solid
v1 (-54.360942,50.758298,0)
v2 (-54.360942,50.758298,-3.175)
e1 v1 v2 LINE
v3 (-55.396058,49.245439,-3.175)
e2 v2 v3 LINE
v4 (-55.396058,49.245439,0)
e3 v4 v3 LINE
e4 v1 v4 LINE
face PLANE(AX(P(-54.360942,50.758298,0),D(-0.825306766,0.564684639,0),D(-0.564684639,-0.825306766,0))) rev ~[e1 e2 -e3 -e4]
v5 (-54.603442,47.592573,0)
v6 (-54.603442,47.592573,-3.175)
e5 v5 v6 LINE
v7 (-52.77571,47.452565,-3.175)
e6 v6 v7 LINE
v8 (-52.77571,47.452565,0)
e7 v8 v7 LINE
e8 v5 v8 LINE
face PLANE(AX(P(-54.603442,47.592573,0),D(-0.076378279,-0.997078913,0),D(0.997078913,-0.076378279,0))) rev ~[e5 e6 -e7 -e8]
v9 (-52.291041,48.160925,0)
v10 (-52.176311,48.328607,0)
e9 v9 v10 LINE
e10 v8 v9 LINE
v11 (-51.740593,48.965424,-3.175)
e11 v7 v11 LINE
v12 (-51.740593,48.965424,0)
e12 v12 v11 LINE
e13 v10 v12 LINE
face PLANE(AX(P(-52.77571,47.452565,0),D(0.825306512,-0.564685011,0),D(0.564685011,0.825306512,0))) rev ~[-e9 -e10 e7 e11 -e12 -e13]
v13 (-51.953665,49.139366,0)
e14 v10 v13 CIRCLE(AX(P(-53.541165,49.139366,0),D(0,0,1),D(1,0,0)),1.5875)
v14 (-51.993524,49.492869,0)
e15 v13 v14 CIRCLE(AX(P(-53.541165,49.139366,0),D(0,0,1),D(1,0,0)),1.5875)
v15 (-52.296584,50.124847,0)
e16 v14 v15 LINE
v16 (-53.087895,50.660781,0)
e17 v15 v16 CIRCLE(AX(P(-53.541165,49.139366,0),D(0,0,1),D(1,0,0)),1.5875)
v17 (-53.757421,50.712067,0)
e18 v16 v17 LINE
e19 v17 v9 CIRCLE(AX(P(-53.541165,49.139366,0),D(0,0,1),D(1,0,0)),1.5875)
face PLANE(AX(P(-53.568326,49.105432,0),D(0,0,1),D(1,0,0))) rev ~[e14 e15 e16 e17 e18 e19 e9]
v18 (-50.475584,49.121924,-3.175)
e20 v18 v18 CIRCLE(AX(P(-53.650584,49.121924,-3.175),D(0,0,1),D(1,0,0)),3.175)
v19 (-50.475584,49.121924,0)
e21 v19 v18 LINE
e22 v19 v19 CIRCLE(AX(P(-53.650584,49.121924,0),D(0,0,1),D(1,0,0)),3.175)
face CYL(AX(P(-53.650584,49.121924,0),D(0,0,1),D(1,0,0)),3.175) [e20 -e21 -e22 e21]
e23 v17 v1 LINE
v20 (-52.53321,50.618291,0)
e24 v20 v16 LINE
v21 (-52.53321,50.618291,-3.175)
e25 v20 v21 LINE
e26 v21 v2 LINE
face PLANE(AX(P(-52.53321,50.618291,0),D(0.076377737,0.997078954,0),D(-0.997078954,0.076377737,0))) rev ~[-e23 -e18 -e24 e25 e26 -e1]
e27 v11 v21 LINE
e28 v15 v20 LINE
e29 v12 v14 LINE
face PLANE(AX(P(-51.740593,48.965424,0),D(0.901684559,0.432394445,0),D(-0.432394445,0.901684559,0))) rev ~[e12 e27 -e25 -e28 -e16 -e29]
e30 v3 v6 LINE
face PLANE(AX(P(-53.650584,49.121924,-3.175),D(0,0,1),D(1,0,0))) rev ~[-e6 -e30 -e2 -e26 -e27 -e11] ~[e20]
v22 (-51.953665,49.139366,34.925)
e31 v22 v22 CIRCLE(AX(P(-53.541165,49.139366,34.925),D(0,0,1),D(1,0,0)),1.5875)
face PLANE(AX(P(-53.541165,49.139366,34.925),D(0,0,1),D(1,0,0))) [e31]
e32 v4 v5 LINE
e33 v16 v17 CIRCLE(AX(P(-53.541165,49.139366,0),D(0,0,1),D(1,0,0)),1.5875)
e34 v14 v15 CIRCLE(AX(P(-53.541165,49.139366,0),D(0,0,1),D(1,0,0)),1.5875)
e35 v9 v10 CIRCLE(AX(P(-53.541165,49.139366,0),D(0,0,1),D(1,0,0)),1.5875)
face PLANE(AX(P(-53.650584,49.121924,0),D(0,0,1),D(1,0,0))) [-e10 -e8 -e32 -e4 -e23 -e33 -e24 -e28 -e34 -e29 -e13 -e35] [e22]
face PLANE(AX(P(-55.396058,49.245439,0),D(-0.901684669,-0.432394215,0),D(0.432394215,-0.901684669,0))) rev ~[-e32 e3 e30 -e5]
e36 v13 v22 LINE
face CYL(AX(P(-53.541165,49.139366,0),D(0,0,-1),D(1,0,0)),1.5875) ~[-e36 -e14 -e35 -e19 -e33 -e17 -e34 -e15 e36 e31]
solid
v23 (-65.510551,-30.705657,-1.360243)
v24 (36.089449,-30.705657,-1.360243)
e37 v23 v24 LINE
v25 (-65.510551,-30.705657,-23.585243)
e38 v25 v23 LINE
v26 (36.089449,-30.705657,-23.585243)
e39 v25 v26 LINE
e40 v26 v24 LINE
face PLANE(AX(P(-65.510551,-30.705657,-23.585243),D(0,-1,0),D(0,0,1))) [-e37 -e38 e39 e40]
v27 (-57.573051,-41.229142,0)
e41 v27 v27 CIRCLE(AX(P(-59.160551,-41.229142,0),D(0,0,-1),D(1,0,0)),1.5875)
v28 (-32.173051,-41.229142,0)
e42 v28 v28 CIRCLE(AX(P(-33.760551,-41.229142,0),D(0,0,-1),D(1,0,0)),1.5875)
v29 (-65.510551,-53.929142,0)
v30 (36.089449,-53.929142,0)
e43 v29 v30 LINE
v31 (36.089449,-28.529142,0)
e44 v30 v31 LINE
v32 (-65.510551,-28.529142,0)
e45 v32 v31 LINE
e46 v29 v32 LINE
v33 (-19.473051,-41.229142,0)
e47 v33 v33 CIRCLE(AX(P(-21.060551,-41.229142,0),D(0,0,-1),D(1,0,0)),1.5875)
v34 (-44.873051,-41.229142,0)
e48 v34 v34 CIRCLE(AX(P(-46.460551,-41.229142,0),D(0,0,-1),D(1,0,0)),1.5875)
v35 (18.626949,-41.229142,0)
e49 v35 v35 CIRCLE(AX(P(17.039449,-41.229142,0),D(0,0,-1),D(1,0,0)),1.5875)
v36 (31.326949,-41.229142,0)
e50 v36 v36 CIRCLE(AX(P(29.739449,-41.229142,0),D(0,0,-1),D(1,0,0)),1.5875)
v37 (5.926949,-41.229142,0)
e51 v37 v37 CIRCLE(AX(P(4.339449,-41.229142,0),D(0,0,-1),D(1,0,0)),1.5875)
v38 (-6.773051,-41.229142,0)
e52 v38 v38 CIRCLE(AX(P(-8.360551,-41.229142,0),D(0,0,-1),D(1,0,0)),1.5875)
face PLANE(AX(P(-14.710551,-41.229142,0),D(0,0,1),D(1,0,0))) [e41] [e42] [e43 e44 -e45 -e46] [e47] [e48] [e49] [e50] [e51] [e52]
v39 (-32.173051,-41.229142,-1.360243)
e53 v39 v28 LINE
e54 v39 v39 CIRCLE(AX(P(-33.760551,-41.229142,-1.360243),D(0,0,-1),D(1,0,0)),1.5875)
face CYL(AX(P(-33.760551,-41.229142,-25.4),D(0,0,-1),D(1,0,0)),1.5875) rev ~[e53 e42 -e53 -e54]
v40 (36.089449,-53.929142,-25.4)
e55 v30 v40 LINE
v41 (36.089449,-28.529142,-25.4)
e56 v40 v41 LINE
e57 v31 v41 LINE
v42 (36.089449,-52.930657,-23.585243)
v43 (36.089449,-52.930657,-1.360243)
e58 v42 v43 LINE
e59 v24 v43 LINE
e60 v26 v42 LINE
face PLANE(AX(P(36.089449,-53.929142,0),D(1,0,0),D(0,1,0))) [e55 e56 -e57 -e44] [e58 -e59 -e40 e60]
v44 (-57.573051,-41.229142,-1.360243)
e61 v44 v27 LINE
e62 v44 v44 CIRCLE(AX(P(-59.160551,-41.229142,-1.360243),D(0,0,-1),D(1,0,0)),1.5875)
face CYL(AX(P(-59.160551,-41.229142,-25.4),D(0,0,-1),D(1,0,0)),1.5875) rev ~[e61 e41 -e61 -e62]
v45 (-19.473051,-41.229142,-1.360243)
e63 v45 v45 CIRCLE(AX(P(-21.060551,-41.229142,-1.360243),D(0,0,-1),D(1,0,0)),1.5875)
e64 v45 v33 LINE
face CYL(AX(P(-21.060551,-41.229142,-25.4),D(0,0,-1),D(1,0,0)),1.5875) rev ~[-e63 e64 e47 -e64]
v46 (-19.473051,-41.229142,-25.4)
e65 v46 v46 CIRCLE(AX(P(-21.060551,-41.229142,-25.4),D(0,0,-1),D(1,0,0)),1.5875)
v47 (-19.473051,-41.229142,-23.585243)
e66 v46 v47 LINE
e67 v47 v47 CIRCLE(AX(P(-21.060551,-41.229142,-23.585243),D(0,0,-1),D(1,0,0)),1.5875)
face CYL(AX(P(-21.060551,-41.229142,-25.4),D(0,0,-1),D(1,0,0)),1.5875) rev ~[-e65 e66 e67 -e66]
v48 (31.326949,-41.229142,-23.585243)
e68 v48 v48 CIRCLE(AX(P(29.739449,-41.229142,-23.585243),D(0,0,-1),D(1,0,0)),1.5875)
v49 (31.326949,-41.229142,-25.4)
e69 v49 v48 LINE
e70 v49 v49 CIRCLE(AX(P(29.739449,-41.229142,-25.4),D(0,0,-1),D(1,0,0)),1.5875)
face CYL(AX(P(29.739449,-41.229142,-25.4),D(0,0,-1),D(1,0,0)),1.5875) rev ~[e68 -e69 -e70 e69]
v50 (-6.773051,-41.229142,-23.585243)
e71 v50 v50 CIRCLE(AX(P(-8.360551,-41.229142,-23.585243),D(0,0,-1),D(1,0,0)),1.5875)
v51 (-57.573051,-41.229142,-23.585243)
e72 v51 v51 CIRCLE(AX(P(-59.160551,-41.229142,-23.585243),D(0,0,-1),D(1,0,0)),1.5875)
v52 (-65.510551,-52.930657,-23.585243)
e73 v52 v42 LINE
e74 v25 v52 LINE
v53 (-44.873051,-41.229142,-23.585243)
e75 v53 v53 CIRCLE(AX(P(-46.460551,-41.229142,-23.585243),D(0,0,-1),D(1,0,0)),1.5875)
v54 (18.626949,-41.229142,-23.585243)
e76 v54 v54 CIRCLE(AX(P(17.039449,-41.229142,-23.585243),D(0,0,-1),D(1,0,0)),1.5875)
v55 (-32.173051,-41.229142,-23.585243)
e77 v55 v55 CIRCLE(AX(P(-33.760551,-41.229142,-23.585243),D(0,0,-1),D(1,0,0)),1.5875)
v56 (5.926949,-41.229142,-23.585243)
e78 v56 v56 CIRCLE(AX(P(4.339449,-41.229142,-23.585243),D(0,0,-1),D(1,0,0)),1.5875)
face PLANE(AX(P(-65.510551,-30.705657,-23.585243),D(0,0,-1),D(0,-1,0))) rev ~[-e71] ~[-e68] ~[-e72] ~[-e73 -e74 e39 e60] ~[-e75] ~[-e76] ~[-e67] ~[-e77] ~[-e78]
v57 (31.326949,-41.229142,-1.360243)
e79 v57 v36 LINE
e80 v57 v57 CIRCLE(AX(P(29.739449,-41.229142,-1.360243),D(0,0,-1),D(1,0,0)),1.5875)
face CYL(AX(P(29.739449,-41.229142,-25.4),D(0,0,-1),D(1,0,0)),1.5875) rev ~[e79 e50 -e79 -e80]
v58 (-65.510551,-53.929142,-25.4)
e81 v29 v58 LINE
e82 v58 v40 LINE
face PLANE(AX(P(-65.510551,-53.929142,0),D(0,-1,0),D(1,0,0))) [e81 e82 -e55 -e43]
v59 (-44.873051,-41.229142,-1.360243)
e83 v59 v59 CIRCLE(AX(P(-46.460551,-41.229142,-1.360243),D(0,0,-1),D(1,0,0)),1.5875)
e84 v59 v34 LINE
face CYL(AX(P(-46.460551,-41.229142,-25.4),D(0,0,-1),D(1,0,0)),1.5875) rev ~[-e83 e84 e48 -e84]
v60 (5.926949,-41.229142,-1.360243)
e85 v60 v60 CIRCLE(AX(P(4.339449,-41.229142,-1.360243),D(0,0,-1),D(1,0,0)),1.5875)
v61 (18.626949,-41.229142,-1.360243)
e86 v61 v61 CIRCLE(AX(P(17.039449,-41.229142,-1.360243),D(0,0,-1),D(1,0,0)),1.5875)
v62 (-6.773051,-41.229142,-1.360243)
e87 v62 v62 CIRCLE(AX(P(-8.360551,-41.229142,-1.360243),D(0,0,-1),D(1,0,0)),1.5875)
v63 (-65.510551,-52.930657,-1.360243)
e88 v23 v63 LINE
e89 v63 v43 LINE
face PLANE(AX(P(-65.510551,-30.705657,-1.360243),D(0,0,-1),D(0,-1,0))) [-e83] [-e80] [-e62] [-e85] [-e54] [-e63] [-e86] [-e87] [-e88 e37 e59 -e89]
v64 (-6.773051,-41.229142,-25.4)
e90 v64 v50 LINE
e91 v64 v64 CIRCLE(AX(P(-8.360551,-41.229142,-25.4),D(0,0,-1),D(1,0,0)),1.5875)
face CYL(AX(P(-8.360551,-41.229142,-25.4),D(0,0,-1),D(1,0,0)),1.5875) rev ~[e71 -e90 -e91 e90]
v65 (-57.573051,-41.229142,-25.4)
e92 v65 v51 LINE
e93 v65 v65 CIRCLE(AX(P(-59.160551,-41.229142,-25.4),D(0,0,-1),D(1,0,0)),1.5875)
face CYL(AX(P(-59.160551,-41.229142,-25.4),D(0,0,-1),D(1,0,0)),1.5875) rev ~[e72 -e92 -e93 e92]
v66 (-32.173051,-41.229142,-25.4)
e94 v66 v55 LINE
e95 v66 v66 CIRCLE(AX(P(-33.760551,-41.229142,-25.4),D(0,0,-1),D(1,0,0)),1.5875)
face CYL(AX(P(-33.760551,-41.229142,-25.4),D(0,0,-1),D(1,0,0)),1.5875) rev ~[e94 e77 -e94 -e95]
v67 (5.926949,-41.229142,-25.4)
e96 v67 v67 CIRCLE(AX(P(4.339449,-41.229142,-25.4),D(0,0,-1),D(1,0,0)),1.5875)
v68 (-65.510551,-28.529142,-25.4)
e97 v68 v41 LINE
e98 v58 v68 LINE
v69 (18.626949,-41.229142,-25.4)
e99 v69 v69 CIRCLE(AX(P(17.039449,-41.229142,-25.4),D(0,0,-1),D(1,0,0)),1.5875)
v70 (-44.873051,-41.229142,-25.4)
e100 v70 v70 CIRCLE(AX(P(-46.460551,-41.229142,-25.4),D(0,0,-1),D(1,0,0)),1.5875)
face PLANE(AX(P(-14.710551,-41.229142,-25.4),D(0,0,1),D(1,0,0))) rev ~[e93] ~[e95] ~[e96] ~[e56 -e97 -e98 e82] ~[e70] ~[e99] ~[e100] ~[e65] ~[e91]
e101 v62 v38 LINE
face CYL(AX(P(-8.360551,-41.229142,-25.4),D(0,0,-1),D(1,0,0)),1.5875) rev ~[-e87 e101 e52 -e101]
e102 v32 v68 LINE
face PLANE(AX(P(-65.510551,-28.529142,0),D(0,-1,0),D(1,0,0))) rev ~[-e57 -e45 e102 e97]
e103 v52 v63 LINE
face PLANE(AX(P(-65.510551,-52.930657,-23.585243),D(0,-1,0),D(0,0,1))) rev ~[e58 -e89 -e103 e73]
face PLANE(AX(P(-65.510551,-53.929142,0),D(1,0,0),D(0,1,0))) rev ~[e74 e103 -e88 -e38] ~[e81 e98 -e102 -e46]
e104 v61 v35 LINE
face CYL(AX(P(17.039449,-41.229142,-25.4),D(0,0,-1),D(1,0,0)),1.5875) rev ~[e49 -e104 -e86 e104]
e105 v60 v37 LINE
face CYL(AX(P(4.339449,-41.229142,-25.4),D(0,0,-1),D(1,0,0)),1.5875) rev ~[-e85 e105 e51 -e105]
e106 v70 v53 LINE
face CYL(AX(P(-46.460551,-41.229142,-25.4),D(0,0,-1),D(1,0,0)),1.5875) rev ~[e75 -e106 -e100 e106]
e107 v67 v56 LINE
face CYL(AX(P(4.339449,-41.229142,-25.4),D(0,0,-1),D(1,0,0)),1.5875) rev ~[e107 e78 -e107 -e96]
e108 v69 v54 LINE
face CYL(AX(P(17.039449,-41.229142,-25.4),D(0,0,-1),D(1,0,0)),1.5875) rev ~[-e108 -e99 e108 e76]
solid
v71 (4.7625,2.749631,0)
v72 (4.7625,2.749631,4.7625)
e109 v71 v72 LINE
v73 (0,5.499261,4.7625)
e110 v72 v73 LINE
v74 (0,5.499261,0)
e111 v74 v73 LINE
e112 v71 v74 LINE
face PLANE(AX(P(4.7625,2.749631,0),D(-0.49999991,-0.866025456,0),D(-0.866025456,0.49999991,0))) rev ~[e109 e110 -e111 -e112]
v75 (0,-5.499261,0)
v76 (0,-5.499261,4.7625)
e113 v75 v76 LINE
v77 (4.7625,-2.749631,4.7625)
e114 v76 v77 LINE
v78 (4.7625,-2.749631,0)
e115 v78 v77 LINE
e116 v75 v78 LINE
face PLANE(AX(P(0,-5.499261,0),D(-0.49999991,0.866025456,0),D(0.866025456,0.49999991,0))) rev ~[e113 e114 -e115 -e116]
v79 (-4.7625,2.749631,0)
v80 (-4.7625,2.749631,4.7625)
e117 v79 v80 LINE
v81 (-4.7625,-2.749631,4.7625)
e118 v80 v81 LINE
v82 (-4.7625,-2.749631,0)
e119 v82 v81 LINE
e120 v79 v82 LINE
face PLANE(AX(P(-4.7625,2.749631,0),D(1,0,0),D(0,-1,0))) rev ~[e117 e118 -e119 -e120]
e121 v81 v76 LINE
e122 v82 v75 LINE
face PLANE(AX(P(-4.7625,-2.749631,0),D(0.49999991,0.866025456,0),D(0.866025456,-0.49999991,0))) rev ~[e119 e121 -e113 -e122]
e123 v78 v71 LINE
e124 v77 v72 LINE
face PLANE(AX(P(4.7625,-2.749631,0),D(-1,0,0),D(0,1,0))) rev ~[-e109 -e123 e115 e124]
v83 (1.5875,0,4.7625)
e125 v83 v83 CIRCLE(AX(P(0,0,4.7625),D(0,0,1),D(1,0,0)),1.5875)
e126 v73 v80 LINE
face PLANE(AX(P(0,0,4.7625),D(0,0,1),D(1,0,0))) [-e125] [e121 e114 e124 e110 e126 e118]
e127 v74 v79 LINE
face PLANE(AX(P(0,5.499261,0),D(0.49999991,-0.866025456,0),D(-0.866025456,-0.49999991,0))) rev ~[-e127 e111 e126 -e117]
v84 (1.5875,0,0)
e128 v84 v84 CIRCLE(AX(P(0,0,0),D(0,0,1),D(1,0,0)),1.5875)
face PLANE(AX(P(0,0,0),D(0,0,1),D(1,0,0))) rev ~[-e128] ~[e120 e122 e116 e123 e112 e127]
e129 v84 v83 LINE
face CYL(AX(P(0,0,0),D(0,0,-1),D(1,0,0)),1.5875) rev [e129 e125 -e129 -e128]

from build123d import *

# Parameters (mm, degrees)
F0_R      = 1.5875
F1_DEPTH  = 4.7625
F2_R      = 1.5875
F3_DEPTH  = 34.925
F4_R      = 3.175
F5_DEPTH  = 3.175
F7_DEPTH  = 3.175
F8_W      = 101.6
F8_H      = 25.4
F9_DEPTH  = 25.4
F10_W     = 22.225
F10_H     = 22.225
F11_DEPTH = 101.6
F12_R     = 1.5875
F13_DEPTH = 25.4


with BuildPart() as f1:
    # F0 (on Top) → F1 (new body)
    with BuildSketch(Plane.XY):
        Polygon((-4.7625, 2.749631), (-4.7625, -2.749631), (0, -5.499261), (4.7625, -2.749631), (4.7625, 2.749631), (0, 5.499261), align=None)
        Circle(F0_R, mode=Mode.SUBTRACT)
    extrude(amount=F1_DEPTH)


with BuildPart() as f3:
    # F2 (on Top) → F3 (new body)
    with BuildSketch(Plane.XY):
        with Locations((-53.541165, 49.139366)):
            Circle(F2_R)
    extrude(amount=F3_DEPTH)

    # F4 (on Top) → F5 (join)
    with BuildSketch(Plane.XY):
        with Locations((-53.650584, 49.121924)):
            Circle(F4_R)
    extrude(amount=-F5_DEPTH)

    # F6 (on Top) → F7 (cut)
    with BuildSketch(Plane.XY):
        Polygon((-54.360942, 50.758298), (-55.396058, 49.245439), (-54.603442, 47.592573), (-52.77571, 47.452565), (-51.740593, 48.965424), (-52.53321, 50.618291), align=None)
    extrude(amount=-F7_DEPTH, mode=Mode.SUBTRACT)


with BuildPart() as f9:
    # F8 (on Top) → F9 (new body)
    with BuildSketch(Plane.XY):
        with Locations((-14.710551, -41.229142)):
            Rectangle(F8_W, F8_H)
    extrude(amount=-F9_DEPTH)

    # F10 (on face) → F11 (cut)
    with BuildSketch(Plane(origin=(-65.510551, 0, 0), x_dir=(0, -1, 0), z_dir=(-1, 0, 0))):
        with Locations((41.818157, -12.472743)):
            Rectangle(F10_W, F10_H)
    extrude(amount=-F11_DEPTH, mode=Mode.SUBTRACT)

    # F12 (on face) → F13 (cut)
    with BuildSketch(Plane(origin=(0, 0, -25.4), x_dir=(1, 0, 0), z_dir=(0, 0, -1))):
        with Locations((-59.160551, 41.229142)):
            Circle(F12_R)
        with Locations((-46.460551, 41.229142)):
            Circle(F12_R)
        with Locations((-33.760551, 41.229142)):
            Circle(F12_R)
        with Locations((-21.060551, 41.229142)):
            Circle(F12_R)
        with Locations((-8.360551, 41.229142)):
            Circle(F12_R)
        with Locations((4.339449, 41.229142)):
            Circle(F12_R)
        with Locations((17.039449, 41.229142)):
            Circle(F12_R)
        with Locations((29.739449, 41.229142)):
            Circle(F12_R)
    extrude(amount=-F13_DEPTH, mode=Mode.SUBTRACT)


solid = Compound([f1.part, f3.part, f9.part])
